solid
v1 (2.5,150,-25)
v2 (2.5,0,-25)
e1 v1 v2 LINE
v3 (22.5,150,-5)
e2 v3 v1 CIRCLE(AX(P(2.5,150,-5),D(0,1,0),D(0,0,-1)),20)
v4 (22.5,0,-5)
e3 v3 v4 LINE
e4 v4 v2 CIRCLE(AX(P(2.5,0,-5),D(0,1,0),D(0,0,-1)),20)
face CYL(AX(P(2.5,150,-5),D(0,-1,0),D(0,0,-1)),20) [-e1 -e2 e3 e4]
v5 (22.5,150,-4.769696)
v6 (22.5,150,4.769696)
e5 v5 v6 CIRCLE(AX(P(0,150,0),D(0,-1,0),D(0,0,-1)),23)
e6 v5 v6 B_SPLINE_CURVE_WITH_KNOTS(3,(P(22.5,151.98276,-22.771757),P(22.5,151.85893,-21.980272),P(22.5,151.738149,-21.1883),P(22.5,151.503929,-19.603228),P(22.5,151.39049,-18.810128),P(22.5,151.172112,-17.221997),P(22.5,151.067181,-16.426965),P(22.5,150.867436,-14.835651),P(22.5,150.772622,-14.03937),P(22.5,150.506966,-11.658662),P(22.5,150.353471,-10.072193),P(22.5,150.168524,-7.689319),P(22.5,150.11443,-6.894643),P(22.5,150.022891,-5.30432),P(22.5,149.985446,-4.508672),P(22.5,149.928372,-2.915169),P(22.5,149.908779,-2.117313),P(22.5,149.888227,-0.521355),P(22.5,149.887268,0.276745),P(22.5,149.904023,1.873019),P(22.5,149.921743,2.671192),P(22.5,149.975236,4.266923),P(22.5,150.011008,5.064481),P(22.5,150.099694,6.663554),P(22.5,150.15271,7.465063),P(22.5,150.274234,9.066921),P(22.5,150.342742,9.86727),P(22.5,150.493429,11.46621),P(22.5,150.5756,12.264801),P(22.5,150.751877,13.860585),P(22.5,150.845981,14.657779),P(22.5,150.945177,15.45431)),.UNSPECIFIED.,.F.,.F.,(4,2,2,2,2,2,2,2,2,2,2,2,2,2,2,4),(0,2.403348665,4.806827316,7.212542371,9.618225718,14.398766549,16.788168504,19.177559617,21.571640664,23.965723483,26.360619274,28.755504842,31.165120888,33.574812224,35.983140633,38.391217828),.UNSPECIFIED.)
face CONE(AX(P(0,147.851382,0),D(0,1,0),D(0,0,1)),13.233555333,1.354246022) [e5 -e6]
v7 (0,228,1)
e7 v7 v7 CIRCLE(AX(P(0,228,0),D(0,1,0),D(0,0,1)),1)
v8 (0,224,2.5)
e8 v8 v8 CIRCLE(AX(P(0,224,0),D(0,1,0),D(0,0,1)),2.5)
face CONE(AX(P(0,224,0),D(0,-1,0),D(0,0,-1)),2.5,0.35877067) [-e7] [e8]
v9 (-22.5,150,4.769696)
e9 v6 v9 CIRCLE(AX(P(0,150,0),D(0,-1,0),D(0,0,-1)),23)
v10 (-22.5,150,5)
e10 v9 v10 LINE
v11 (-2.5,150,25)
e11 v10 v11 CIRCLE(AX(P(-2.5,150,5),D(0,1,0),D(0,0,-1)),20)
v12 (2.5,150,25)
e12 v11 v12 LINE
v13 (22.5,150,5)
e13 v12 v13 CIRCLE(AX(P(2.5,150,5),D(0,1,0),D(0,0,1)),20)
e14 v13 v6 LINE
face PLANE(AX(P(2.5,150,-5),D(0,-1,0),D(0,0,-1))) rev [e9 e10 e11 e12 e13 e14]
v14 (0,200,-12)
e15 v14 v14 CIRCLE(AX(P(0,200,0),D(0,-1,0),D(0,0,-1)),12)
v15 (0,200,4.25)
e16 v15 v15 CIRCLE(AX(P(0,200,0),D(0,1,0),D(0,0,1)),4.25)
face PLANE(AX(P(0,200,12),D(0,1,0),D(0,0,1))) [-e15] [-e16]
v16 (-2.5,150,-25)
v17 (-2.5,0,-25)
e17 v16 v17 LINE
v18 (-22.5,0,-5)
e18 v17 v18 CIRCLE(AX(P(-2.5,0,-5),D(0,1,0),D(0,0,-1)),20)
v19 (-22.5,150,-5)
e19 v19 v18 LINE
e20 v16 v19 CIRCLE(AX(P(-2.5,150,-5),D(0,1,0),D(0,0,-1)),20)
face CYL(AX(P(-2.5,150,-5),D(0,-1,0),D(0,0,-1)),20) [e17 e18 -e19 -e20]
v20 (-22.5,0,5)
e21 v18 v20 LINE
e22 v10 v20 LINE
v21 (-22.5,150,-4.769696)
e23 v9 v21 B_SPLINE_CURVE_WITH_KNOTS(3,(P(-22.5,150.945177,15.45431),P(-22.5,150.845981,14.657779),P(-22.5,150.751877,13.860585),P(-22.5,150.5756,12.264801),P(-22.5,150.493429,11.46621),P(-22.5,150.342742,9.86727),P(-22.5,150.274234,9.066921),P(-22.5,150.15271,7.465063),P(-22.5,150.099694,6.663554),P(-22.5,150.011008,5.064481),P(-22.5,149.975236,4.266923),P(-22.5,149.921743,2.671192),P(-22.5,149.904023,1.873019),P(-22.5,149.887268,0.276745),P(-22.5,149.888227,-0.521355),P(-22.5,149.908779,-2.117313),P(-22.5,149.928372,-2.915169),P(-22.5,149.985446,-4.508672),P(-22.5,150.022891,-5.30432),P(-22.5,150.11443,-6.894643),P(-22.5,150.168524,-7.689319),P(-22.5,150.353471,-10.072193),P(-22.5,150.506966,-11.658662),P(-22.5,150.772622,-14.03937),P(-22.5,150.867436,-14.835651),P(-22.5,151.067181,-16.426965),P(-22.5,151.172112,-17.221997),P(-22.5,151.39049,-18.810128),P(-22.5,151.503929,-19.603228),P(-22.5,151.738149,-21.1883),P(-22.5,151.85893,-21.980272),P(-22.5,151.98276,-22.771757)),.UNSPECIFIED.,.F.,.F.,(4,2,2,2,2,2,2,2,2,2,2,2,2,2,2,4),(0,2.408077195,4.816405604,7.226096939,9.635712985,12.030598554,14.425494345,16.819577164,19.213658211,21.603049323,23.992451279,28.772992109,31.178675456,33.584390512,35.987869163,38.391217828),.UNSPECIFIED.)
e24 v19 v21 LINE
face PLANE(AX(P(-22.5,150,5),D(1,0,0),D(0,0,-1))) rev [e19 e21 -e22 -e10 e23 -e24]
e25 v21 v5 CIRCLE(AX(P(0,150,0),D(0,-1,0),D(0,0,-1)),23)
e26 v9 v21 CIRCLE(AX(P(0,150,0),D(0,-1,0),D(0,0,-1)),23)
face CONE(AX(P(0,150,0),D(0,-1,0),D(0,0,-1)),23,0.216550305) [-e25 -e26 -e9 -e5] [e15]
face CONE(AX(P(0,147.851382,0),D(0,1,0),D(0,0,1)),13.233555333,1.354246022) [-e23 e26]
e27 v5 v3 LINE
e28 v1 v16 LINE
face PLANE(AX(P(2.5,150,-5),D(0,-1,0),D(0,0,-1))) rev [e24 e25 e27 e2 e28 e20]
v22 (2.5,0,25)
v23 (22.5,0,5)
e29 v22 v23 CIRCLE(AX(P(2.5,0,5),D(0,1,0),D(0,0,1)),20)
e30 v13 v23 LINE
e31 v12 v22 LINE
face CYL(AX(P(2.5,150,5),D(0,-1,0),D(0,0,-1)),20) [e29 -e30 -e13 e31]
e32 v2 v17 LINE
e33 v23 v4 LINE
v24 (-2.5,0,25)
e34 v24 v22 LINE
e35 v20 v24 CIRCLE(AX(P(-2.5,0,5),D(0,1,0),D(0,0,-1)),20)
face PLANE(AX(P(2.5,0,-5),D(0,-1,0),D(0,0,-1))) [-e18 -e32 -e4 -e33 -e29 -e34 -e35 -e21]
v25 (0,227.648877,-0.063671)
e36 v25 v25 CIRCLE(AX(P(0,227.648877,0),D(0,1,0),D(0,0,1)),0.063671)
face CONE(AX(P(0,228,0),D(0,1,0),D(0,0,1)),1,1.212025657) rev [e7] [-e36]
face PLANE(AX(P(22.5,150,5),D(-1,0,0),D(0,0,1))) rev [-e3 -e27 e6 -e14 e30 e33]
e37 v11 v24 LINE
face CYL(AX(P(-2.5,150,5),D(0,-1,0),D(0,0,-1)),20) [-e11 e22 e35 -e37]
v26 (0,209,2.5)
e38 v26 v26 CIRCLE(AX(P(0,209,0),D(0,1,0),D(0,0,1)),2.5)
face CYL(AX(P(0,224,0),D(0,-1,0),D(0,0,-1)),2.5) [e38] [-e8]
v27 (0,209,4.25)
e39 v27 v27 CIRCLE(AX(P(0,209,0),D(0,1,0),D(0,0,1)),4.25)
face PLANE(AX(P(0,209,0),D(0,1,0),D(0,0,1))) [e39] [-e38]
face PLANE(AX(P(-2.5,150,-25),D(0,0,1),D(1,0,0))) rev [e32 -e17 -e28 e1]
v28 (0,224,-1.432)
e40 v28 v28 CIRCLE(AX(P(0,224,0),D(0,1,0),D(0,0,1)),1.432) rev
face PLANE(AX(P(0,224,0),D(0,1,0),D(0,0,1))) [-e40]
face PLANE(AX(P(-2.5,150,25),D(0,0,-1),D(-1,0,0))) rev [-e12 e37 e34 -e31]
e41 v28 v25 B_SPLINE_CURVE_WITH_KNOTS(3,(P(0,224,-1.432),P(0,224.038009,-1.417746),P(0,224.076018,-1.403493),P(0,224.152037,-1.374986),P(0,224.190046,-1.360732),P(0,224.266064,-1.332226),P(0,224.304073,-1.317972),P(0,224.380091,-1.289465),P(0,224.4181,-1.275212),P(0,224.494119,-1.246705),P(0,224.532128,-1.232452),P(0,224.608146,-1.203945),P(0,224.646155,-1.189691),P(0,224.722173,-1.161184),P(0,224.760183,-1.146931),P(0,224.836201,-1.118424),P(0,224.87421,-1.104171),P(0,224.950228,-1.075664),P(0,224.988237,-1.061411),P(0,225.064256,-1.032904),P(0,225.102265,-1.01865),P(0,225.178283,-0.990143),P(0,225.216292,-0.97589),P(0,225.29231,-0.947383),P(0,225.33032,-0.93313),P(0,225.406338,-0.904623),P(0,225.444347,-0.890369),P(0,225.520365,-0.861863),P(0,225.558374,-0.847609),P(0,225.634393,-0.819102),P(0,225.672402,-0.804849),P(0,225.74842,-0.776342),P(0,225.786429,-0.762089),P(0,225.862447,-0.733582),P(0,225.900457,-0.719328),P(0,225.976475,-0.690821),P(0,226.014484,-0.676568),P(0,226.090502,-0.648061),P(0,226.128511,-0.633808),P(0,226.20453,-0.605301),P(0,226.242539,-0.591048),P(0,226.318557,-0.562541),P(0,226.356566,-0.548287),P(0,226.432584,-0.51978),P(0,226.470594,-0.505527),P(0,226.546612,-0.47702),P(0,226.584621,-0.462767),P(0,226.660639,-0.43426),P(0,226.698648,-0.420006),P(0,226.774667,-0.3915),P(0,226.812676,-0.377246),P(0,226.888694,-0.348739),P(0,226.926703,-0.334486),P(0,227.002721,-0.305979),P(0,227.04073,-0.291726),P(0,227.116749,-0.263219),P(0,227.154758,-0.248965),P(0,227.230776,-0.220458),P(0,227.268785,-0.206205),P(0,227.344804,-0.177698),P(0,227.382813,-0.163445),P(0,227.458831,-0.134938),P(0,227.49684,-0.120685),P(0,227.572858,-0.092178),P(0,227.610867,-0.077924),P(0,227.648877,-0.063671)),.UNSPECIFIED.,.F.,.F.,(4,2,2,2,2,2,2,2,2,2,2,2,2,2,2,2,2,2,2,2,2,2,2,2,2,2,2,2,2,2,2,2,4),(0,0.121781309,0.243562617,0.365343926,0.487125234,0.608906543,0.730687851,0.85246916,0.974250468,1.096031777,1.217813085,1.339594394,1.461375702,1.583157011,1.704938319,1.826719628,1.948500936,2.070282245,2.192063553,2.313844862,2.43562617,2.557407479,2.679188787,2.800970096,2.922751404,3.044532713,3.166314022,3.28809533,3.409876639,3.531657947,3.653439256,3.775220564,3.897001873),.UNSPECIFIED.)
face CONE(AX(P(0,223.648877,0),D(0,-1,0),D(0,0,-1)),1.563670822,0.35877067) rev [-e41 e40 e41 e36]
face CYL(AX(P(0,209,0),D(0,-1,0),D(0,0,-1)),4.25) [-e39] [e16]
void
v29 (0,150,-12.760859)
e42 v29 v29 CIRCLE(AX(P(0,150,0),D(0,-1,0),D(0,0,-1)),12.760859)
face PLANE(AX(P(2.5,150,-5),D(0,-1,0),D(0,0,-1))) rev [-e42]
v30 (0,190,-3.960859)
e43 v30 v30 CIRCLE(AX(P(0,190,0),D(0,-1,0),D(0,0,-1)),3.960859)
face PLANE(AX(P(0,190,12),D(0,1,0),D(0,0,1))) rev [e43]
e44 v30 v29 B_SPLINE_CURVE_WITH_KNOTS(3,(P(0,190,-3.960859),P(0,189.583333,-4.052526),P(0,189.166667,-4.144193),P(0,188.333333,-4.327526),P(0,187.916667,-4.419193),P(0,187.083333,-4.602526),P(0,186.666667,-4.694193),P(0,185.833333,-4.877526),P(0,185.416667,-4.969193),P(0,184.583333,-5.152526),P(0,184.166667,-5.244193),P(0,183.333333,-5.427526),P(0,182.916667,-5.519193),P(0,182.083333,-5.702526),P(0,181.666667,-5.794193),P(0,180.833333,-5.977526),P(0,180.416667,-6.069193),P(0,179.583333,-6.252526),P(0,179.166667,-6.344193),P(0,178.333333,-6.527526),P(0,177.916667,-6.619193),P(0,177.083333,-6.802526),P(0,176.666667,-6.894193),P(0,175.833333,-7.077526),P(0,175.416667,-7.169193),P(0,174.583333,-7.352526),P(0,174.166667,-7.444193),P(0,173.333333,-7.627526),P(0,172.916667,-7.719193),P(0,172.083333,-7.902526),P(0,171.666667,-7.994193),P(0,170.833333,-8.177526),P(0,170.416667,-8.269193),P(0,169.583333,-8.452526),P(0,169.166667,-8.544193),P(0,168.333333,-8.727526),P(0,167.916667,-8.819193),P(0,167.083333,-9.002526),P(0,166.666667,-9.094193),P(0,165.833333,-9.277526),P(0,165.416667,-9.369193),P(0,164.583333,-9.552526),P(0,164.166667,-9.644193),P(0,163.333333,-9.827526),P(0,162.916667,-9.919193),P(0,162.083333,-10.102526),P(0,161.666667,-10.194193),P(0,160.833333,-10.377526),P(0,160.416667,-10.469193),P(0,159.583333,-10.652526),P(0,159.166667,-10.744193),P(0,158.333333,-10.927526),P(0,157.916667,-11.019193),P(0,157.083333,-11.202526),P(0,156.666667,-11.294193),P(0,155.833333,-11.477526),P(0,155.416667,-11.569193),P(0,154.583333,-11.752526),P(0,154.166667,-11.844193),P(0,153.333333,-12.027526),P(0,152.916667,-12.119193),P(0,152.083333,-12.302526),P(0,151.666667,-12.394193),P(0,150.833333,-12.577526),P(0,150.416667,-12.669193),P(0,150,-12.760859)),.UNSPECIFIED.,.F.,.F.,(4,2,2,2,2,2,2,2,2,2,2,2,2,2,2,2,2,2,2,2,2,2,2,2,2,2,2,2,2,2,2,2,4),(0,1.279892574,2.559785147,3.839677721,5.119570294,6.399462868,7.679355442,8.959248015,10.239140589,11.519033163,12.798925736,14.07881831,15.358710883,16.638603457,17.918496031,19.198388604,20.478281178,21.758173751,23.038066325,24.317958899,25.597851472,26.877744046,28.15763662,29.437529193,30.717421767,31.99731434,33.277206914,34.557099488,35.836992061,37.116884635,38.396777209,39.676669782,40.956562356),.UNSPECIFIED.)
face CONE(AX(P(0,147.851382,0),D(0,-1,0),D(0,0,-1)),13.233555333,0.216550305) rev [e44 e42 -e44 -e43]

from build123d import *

# Parameters (mm, degrees)
SALIENTE_EXTRUIR1_DEPTH = 150
CROQUIS5_R              = 4.25
SALIENTE_EXTRUIR3_DEPTH = 9
CROQUIS6_R              = 2.5
SALIENTE_EXTRUIR4_DEPTH = 15


with BuildPart() as part:
    # Croquis1 → Saliente-Extruir1 (new body)
    with BuildSketch(Plane(origin=(0, 0, 0), x_dir=(1, 0, 0), z_dir=(0, 1, 0))):
        with BuildLine():
            Line((-2.5, -25), (2.5, -25))
            ThreePointArc((2.5, -25), (16.642135624, -19.142135624), (22.5, -5))
            Line((22.5, -5), (22.5, 5))
            ThreePointArc((22.5, 5), (16.642135624, 19.142135624), (2.5, 25))
            Line((2.5, 25), (-2.5, 25))
            ThreePointArc((-2.5, 25), (-16.642135624, 19.142135624), (-22.5, 5))
            Line((-22.5, 5), (-22.5, -5))
            ThreePointArc((-22.5, -5), (-16.642135624, -19.142135624), (-2.5, -25))
        make_face()
    extrude(amount=SALIENTE_EXTRUIR1_DEPTH)

    # Croquis4 → Revolución-Lámina1 (revolve)
    with BuildSketch(Plane(origin=(0, 0, 0), x_dir=(0, 0, -1), z_dir=(1, 0, 0)), mode=Mode.PRIVATE) as revoluci_n_l_mina1_sk:
        Polygon((-23, 150), (-12, 200), (0, 200), (0, 190), (-3.960859411, 190), (-13.233555333, 147.851382173), align=None)
    revolve(revoluci_n_l_mina1_sk.sketch.rotate(Axis((0, 150, 0), (0, 1, 0)), 180), axis=Axis((0, 150, 0), (0, 1, 0)))

    # Croquis5 → Saliente-Extruir3 (add)
    with BuildSketch(Plane(origin=(0, 200, 0), x_dir=(1, 0, 0), z_dir=(0, 1, 0))):
        with Locations(Location((0, 0, 0), (0, 0, 270))):
            Circle(CROQUIS5_R)
    extrude(amount=SALIENTE_EXTRUIR3_DEPTH)

    # Croquis6 → Saliente-Extruir4 (add)
    with BuildSketch(Plane(origin=(0, 209, 0), x_dir=(1, 0, 0), z_dir=(0, 1, 0))):
        with Locations(Location((0, 0, 0), (0, 0, 270))):
            Circle(CROQUIS6_R)
    extrude(amount=SALIENTE_EXTRUIR4_DEPTH)

    # Croquis7 → Revolución-Lámina4 (revolve)
    with BuildSketch(Plane(origin=(0, 0, 0), x_dir=(0, 0, -1), z_dir=(1, 0, 0))):
        Polygon((-2.5, 224), (-1, 228), (-0.063670822, 227.648876558), (-1.563670822, 223.648876558), align=None)
    revolve(axis=Axis((0, 228, 0), (0, -1, 0)))


solid = part.part
